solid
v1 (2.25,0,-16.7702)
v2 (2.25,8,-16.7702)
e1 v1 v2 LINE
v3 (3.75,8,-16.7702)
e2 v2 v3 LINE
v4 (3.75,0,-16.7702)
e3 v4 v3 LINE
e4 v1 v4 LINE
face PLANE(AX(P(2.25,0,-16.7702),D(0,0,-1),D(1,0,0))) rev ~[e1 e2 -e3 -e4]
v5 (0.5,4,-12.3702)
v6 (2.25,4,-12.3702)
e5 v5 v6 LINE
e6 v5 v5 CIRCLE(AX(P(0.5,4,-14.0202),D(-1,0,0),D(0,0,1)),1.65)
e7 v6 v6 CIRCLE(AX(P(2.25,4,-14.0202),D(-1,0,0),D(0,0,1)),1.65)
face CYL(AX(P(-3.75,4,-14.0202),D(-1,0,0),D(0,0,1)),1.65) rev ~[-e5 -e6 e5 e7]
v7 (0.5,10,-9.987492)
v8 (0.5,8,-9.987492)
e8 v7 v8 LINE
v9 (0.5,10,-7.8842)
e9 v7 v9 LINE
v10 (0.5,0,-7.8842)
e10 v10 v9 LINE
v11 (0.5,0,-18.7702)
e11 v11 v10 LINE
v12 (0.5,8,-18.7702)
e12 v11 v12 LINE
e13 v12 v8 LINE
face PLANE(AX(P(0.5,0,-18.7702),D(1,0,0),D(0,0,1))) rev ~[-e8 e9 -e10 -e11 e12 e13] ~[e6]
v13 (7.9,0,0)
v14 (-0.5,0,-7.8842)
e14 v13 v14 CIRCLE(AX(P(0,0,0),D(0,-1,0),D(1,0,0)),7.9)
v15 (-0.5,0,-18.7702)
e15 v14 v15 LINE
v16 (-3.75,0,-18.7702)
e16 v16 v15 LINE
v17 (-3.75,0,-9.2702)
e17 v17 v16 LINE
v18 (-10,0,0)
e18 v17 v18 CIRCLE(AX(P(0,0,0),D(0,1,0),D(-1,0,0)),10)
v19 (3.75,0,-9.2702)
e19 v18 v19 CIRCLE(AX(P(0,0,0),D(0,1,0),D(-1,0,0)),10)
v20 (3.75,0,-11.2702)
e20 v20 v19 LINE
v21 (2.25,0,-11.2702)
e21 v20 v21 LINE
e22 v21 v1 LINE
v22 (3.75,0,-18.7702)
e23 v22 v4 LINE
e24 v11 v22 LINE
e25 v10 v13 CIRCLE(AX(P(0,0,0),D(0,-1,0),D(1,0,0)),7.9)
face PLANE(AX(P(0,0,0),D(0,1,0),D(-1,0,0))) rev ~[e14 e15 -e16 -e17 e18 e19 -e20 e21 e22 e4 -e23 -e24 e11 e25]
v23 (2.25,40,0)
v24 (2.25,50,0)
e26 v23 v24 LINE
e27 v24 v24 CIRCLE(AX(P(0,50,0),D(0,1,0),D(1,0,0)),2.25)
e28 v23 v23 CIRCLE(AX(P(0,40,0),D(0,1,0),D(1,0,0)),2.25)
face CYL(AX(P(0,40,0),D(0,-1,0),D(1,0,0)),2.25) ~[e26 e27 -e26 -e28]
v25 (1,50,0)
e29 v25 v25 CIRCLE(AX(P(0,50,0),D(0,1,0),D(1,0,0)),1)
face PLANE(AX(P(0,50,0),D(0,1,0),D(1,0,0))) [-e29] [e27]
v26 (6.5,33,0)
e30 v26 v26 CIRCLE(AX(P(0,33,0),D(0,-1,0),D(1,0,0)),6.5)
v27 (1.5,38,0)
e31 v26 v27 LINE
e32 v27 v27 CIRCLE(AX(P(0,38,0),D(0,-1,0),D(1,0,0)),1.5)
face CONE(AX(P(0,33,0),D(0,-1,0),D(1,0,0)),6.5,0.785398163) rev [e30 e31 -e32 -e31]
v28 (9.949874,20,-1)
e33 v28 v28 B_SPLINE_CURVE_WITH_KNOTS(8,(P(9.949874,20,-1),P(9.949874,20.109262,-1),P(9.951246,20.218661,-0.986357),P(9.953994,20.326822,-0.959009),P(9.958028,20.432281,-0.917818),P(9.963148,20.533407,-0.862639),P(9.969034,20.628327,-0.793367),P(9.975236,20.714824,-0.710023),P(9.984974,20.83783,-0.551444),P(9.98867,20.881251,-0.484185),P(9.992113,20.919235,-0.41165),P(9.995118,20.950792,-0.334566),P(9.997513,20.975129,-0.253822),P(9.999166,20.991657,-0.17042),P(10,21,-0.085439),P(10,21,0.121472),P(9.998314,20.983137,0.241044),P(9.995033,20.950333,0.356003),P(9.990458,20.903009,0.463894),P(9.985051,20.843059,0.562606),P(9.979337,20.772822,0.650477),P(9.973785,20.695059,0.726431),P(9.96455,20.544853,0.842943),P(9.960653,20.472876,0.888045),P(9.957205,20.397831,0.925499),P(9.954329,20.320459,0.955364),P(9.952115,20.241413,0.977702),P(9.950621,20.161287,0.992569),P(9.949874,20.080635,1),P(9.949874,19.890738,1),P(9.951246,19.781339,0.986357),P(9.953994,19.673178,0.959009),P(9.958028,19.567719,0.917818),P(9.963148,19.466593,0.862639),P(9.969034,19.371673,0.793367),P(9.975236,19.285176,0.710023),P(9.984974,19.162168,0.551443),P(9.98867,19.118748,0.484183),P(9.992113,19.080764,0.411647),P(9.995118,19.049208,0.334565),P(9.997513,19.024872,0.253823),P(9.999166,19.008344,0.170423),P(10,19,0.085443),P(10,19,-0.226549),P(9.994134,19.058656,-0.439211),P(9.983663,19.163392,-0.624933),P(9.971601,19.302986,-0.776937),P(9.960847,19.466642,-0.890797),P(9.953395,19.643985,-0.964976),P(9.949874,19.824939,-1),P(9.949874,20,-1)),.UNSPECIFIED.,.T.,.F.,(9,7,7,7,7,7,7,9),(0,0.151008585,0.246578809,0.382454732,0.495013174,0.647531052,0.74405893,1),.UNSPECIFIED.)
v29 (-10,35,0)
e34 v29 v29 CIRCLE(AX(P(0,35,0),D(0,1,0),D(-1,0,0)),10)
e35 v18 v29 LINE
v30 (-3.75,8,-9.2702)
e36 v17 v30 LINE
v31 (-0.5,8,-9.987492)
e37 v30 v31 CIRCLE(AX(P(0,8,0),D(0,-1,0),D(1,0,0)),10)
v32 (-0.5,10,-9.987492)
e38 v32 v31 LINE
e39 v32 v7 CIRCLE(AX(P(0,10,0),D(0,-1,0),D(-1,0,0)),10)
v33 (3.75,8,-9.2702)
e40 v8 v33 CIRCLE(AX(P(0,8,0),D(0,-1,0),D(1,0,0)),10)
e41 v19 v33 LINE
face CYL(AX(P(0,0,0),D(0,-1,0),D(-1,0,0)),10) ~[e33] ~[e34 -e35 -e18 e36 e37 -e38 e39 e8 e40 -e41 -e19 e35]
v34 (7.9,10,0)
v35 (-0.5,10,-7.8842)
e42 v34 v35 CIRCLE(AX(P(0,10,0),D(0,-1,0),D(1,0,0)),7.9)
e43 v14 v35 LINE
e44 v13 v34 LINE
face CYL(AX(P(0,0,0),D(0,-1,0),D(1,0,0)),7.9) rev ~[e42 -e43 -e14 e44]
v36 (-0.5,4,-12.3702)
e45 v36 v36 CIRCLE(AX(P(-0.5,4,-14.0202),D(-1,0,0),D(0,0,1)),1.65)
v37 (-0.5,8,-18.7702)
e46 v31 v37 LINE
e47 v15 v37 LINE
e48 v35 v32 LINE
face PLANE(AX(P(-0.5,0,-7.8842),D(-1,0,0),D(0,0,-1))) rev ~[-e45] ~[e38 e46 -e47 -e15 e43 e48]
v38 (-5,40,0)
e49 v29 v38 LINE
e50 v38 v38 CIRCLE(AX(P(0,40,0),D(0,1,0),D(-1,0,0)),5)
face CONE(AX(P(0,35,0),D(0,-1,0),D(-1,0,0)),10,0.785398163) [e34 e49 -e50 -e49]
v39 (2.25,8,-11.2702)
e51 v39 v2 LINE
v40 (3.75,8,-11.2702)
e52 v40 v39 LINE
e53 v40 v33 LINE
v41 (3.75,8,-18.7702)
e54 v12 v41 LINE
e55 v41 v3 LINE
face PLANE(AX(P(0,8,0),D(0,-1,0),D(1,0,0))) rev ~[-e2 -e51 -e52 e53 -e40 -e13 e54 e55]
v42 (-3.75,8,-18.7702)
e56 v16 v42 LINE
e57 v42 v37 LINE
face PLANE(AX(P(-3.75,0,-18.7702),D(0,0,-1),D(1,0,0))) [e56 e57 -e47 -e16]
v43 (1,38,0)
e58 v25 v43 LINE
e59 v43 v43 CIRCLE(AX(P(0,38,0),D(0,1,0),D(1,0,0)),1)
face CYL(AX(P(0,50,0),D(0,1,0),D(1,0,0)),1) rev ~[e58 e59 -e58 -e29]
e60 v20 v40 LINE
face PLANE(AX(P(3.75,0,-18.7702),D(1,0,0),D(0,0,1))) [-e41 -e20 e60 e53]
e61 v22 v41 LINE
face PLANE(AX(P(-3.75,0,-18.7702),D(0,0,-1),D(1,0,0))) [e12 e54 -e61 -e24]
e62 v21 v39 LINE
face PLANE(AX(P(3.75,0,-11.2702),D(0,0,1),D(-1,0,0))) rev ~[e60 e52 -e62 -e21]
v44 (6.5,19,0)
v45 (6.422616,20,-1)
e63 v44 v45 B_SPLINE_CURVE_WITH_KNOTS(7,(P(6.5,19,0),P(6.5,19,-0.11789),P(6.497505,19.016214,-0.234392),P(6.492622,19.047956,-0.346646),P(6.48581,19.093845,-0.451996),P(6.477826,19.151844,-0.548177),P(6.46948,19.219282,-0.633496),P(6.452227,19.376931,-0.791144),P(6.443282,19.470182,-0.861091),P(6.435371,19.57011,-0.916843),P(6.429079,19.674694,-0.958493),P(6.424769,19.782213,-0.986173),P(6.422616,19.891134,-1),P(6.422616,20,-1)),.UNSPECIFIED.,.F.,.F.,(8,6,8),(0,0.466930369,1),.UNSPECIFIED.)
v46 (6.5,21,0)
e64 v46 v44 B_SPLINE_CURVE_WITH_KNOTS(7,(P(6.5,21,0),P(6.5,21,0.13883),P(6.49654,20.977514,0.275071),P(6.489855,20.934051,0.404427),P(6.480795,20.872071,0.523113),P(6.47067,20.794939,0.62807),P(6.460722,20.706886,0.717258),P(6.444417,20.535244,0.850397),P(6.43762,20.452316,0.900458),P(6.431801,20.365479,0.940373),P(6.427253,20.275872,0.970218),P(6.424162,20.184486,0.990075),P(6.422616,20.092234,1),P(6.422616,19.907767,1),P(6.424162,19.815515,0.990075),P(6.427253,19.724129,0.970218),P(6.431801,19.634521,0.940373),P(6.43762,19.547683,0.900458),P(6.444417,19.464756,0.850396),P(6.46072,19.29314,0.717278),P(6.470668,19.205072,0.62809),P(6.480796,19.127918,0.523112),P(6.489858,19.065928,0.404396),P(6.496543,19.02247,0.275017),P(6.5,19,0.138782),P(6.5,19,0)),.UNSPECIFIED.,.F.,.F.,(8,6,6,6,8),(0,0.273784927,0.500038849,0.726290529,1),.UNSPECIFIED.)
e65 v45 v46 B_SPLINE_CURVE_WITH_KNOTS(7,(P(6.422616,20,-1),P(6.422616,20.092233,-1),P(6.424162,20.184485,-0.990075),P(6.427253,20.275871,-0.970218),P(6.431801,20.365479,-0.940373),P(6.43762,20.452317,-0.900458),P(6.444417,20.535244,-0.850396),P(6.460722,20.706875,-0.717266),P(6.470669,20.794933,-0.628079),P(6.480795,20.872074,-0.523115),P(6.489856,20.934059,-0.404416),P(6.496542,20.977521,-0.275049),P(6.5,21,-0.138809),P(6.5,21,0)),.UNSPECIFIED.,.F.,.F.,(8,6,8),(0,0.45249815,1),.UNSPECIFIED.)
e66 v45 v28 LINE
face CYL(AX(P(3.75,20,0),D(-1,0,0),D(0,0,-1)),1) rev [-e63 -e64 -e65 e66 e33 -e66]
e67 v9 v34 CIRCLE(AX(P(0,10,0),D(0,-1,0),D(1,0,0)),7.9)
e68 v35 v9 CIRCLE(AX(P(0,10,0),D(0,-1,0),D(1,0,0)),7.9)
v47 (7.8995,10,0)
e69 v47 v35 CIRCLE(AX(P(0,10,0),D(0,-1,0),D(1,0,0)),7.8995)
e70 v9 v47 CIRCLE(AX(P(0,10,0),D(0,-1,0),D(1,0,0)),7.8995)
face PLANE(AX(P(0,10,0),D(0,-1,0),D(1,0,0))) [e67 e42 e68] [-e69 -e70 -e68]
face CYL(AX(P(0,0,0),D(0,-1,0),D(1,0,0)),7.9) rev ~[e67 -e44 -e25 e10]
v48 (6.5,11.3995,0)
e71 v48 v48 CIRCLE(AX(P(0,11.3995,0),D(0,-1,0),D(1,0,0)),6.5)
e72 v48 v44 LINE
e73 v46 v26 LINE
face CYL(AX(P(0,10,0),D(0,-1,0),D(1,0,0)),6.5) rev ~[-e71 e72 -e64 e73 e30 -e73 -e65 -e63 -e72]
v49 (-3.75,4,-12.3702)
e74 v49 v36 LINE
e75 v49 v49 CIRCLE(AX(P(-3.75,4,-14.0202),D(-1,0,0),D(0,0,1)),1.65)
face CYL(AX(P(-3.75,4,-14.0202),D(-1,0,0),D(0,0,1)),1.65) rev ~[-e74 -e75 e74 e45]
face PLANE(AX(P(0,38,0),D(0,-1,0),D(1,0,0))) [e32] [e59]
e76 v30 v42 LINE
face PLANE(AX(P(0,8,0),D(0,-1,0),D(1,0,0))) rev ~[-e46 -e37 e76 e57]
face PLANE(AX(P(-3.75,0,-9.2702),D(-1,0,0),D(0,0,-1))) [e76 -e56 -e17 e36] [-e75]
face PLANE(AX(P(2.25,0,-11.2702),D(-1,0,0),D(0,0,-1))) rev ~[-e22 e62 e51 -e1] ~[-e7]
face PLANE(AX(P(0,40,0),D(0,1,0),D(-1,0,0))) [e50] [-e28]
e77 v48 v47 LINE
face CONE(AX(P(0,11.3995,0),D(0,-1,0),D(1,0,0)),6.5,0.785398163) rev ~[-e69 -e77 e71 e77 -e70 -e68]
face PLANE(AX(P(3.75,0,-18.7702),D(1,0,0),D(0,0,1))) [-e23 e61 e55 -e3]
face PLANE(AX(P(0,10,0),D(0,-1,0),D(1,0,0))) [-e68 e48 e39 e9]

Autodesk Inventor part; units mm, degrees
ref_plane "YZ Plane" through (0, 0, 0) normal (1, 0, 0) x (0, 1, 0)
ref_plane "XZ Plane" through (0, 0, 0) normal (0, 1, 0) x (-1, 0, 0)
ref_plane "XY Plane" through (0, 0, 0) normal (0, 0, 1) x (1, 0, 0)
sketch "Sketch1" plane through (0, 0, 0) normal (0, 1, 0) x (-1, 0, 0)
  circle A0 centre (0, 0) radius 10
  dimension "d0" = 20
extrude "Extrusion1" add sketch "Sketch1" along normal blind 40
sketch "Sketch2" plane through (0, 40, 0) normal (0, 1, 0) x (1, 0, 0)
  circle A0 centre (0, 0) radius 2.25
  dimension "d3" = 4.5
extrude "Extrusion2" add sketch "Sketch2" along normal blind 10
sketch "Sketch3" plane through (0, 50, 0) normal (0, 1, 0) x (1, 0, 0)
  circle A0 centre (0, 0) radius 1
  dimension "d6" = 2
extrude "Extrusion3" cut sketch "Sketch3" against normal through all
sketch "Sketch4" plane through (0, 0, 0) normal (0, -1, 0) x (1, 0, 0)
  circle A0 centre (0, 0) radius 7.9
  dimension "d9" = 15.8
extrude "Extrusion4" cut sketch "Sketch4" against normal blind 10
sketch "Sketch5" plane through (0, 10, 0) normal (0, -1, 0) x (1, 0, 0)
  circle A0 centre (0, 0) radius 6.5
  dimension "d12" = 13
extrude "Extrusion5" cut sketch "Sketch5" against normal blind 28
chamfer "Chamfer2" distance 5 angle 45 1 edges at (-6.5, 38, 0)
chamfer "Chamfer3" distance 1.4 angle 45 1 edges at (-6.5, 10, 0)
sketch "Sketch6" plane through (0, 0, 0) normal (0, -1, 0) x (1, 0, 0)
  line L0 (3.75, -9.2702) -> (-3.75, -9.2702)
  line L1 (-3.75, -9.2702) -> (-3.75, -18.7702)
  line L2 (-3.75, -18.7702) -> (3.75, -18.7702)
  line L3 (3.75, -18.7702) -> (3.75, -9.2702)
  circle A0 centre (0, 0) radius 10 projected
  point P0 (-3.75, -9.2702)
  dimension "d24" = 9.5
  dimension "d25" = 7.5
  dimension "d26" = 3.75
extrude "Extrusion6" add sketch "Sketch6" against normal blind 8 contours L3 L2 L1 A0
sketch "Sketch7" plane through (0, 0, 0) normal (0, -1, 0) x (1, 0, 0)
  line L0 (3.75, -11.2702) -> (2.25, -11.2702)
  line L1 (2.25, -11.2702) -> (2.25, -16.7702)
  line L2 (2.25, -16.7702) -> (3.75, -16.7702)
  line L3 (3.75, -16.7702) -> (3.75, -11.2702)
  line L4 (-3.75, -18.7702) -> (3.75, -18.7702) projected
  line L5 (3.75, -18.7702) -> (3.75, -9.2702) projected
  point P0 (0, 0)
  dimension "d29" = 1.5
  dimension "d30" = 5.5
  dimension "d31" = 2
extrude "Extrusion7" cut sketch "Sketch7" against normal through all
sketch "Sketch8" plane through (0, 0, 0) normal (0, -1, 0) x (1, 0, 0)
  line L0 (-0.5, -18.7702) -> (0.5, -18.7702)
  line L1 (0.5, -18.7702) -> (0.5, -7.8842)
  line L2 (0.5, -7.8842) -> (-0.5, -7.8842)
  line L3 (-0.5, -7.8842) -> (-0.5, -18.7702)
  line L4 (-3.75, -18.7702) -> (3.75, -18.7702) projected
  circle A0 centre (0, 0) radius 7.9 projected
  dimension "d34" = 1
  dimension "d35" = 0.5
extrude "Extrusion8" cut sketch "Sketch8" against normal blind 10 contours L3 A0 L1 L0
sketch "Sketch9" plane through (-3.75, 0, -18.7702) normal (-1, 0, 0) x (0, 0, 1)
  circle A0 centre (4.75, 4) radius 1.65
  line L0 (0, 0) -> (0, 8) projected
  line L1 (0, 8) -> (9.5, 8) projected
  point P0 (18.7702, 0)
  dimension "d38" = 3.3
  dimension "d39" = 4.75
  dimension "d40" = 4
extrude "Extrusion9" cut sketch "Sketch9" against normal through all
chamfer "Chamfer4" distance 5 angle 45 1 edges at (10, 40, 0)
sketch "Sketch10" plane through (3.75, 0, -18.7702) normal (1, 0, 0) x (0, 0, -1)
  circle A0 centre (-18.7702, 20) radius 1
  line L0 (0, 0) -> (-2, 0) projected
  point P0 (-18.7702, 0)
  dimension "d46" = 2
  dimension "d47" = 20
  dimension "d48" = 0
extrude "Extrusion10" cut sketch "Sketch10" along normal through all
properties part number "OMEGAETTE_HOUSING"
